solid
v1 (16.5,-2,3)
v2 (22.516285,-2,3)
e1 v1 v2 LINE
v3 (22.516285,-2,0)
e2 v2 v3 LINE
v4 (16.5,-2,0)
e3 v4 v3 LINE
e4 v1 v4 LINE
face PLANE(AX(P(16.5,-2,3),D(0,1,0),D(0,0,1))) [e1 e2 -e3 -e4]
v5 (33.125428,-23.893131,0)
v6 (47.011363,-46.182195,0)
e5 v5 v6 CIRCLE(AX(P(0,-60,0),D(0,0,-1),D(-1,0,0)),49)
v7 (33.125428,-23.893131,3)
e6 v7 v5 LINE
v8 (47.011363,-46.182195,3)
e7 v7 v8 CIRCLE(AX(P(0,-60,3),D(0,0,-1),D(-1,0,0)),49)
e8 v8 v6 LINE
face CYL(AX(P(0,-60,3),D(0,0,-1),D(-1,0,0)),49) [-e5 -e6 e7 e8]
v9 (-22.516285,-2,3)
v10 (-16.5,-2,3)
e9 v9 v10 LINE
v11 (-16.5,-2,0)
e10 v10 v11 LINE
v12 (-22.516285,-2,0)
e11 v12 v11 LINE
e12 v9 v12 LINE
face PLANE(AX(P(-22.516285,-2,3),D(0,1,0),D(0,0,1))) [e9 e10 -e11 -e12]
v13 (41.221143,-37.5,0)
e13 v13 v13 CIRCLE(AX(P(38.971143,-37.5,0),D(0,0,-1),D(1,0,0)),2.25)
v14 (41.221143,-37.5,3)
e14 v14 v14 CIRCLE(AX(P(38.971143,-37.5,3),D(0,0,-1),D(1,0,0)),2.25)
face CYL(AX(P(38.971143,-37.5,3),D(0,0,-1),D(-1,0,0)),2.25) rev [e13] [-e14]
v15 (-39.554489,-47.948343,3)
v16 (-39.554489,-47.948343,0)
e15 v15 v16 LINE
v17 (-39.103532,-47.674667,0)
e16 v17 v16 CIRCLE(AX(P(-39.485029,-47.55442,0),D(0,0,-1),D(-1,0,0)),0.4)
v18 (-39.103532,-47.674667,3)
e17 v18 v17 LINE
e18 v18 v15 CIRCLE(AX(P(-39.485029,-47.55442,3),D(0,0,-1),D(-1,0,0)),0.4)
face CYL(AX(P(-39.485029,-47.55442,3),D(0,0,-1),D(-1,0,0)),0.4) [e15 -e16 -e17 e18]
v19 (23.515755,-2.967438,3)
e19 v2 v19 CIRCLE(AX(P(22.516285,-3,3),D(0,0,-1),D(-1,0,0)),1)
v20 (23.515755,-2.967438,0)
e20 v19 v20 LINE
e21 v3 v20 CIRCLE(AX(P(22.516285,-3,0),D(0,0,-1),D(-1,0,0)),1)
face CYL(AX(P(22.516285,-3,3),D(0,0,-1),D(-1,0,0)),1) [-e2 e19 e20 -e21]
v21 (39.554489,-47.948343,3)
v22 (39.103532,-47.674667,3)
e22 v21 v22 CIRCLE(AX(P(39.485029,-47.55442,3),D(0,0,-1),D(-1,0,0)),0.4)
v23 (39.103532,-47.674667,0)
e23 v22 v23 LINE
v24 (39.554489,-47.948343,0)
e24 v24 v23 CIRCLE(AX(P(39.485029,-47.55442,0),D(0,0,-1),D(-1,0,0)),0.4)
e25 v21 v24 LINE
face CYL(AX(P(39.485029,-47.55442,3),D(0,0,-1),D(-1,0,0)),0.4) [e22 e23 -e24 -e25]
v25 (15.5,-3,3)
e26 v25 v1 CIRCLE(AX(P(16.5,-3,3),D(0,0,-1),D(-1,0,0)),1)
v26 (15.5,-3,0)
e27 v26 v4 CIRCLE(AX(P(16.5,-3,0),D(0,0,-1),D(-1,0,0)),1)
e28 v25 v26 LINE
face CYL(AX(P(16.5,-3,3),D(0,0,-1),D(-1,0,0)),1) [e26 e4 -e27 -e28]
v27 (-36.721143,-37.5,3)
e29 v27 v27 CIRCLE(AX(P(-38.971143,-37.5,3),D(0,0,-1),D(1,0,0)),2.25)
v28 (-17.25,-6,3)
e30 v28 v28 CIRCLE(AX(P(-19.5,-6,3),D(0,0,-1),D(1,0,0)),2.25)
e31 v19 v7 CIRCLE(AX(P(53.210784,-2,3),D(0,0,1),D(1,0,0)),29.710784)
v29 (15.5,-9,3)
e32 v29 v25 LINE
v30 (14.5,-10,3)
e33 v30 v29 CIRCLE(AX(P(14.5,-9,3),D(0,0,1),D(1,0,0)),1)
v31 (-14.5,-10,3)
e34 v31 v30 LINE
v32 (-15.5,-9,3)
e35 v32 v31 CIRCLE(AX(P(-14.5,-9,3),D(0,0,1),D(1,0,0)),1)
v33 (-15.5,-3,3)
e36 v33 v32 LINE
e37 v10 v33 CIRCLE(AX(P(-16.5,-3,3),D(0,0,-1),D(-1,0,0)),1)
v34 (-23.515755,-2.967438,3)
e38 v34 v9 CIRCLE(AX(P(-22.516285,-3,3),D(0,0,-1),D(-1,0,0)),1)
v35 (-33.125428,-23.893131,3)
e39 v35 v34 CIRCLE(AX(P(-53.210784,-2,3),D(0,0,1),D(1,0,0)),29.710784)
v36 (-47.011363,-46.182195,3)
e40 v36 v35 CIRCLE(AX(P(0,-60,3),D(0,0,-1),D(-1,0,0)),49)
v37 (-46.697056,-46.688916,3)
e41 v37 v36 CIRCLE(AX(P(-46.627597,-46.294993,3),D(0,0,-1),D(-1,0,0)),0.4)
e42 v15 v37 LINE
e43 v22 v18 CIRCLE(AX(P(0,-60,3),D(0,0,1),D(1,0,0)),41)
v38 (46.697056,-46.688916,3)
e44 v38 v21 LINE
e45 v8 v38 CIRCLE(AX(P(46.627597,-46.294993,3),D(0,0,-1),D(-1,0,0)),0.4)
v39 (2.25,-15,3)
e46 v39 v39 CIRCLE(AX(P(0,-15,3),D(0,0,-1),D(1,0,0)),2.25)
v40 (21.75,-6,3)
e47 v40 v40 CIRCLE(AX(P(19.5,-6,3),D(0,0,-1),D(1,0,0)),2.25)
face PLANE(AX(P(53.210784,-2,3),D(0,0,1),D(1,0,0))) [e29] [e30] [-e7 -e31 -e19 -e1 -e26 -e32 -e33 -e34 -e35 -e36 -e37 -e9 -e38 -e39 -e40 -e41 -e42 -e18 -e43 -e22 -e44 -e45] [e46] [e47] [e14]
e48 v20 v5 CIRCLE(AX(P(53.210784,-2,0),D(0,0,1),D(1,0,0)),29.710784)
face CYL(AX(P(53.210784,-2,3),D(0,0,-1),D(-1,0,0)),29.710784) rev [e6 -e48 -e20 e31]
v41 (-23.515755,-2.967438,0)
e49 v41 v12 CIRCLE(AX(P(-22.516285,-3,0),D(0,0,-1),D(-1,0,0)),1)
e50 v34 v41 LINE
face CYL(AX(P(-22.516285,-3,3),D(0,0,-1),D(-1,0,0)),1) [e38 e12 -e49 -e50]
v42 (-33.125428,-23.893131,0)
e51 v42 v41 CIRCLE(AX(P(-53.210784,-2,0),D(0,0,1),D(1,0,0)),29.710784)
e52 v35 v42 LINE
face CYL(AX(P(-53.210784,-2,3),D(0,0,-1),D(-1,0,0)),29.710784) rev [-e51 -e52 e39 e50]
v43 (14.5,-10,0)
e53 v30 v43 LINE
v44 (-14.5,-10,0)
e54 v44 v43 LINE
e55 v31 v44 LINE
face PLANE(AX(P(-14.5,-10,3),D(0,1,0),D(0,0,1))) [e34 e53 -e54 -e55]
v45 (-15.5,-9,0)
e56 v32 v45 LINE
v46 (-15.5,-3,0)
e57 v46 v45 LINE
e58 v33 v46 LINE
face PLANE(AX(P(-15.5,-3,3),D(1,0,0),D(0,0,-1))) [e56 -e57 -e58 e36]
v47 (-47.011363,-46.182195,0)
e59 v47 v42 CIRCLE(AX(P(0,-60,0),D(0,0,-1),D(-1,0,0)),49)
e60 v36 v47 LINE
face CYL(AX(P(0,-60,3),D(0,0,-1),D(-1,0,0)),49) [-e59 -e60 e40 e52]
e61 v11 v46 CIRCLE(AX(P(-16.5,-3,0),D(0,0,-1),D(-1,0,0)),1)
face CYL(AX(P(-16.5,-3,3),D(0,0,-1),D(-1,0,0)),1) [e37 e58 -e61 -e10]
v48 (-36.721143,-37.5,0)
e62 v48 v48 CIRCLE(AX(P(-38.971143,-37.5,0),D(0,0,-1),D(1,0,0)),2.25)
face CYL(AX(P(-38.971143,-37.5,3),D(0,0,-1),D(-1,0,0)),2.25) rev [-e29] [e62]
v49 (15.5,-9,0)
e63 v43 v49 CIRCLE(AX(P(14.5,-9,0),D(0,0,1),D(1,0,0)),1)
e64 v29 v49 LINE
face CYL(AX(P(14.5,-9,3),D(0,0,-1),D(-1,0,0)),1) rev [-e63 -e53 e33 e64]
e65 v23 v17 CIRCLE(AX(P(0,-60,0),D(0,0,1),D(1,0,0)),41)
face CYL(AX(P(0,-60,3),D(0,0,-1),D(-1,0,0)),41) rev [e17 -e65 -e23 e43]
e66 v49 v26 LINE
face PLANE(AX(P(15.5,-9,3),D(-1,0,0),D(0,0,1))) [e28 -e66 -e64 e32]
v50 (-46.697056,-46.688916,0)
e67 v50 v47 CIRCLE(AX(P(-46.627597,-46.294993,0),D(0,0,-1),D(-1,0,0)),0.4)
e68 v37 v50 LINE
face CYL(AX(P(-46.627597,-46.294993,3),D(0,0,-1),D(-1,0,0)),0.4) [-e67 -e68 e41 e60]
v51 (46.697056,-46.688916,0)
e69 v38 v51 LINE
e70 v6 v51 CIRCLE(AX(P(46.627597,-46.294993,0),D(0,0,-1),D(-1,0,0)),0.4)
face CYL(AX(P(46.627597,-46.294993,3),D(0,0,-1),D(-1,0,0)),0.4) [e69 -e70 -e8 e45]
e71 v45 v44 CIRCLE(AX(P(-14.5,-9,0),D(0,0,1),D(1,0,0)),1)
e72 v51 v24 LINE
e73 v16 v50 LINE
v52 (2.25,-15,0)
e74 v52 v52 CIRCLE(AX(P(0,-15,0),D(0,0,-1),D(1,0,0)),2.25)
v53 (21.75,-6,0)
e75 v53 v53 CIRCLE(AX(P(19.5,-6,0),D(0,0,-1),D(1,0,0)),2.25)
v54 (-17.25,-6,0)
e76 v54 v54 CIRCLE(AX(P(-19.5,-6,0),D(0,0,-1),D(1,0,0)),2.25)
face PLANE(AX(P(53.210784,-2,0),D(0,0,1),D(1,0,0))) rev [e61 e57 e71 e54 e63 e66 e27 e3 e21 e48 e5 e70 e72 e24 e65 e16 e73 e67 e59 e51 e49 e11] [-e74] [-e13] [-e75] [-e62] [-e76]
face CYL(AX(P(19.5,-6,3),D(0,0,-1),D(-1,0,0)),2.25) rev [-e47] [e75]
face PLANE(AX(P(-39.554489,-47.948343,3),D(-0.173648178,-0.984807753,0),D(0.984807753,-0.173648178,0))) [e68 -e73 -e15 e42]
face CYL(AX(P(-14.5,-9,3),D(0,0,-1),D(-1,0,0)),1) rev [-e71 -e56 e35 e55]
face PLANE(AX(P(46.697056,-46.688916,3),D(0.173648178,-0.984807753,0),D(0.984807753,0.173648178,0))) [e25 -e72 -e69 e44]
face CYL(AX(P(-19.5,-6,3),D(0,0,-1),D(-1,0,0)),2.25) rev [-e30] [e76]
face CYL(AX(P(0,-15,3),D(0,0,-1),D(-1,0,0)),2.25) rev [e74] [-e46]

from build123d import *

# Parameters (mm, degrees)
SKETCH_1_R      = 2.25
EXTRUDE_1_DEPTH = 3


with BuildPart() as part:
    # 草图1 → 凸台-拉伸1 (new body)
    with BuildSketch(Plane(origin=(0, 0, 0), x_dir=(-1, 0, 0), z_dir=(0, 0, -1))):
        with BuildLine():
            Line((-46.697056051, -46.688916039), (-39.554488655, -47.948343383))
            ThreePointArc((-39.554488655, -47.948343383), (-39.277504317, -47.896375463), (-39.103531516, -47.674667428))
            ThreePointArc((-39.103531516, -47.674667428), (0, -19), (39.103531516, -47.674667428))
            ThreePointArc((39.103531516, -47.674667428), (39.277504317, -47.896375463), (39.554488655, -47.948343383))
            Line((39.554488655, -47.948343383), (46.697056051, -46.688916039))
            ThreePointArc((46.697056051, -46.688916039), (46.967515904, -46.505836455), (47.011363008, -46.182194526))
            ThreePointArc((47.011363008, -46.182194526), (41.589384656, -34.090096798), (33.125428162, -23.893130722))
            ThreePointArc((33.125428162, -23.893130722), (26.210916767, -14.399107105), (23.515754966, -2.967438148))
            ThreePointArc((23.515754966, -2.967438148), (23.211784398, -2.281473086), (22.516285244, -2))
            Line((22.516285244, -2), (16.5, -2))
            ThreePointArc((16.5, -2), (15.792893219, -2.292893219), (15.5, -3))
            Line((15.5, -3), (15.5, -9))
            ThreePointArc((15.5, -9), (15.207106781, -9.707106781), (14.5, -10))
            Line((14.5, -10), (-14.5, -10))
            ThreePointArc((-14.5, -10), (-15.207106781, -9.707106781), (-15.5, -9))
            Line((-15.5, -9), (-15.5, -3))
            ThreePointArc((-15.5, -3), (-15.792893219, -2.292893219), (-16.5, -2))
            Line((-16.5, -2), (-22.516285244, -2))
            ThreePointArc((-22.516285244, -2), (-23.211784398, -2.281473086), (-23.515754966, -2.967438148))
            ThreePointArc((-23.515754966, -2.967438148), (-26.210916767, -14.399107105), (-33.125428162, -23.893130722))
            ThreePointArc((-33.125428162, -23.893130722), (-41.589384656, -34.090096798), (-47.011363008, -46.182194526))
            ThreePointArc((-47.011363008, -46.182194526), (-46.967515904, -46.505836455), (-46.697056051, -46.688916039))
        make_face()
        with Locations(Location((-38.97114317, -37.5, 0), (0, 0, 180))):
            Circle(SKETCH_1_R, mode=Mode.SUBTRACT)
        with Locations(Location((19.5, -6, 0), (0, 0, 180))):
            Circle(SKETCH_1_R, mode=Mode.SUBTRACT)
        with Locations(Location((38.97114317, -37.5, 0), (0, 0, 180))):
            Circle(SKETCH_1_R, mode=Mode.SUBTRACT)
        with Locations(Location((0, -15, 0), (0, 0, 180))):
            Circle(SKETCH_1_R, mode=Mode.SUBTRACT)
        with Locations(Location((-19.5, -6, 0), (0, 0, 180))):
            Circle(SKETCH_1_R, mode=Mode.SUBTRACT)
    extrude(amount=-EXTRUDE_1_DEPTH)


solid = part.part
